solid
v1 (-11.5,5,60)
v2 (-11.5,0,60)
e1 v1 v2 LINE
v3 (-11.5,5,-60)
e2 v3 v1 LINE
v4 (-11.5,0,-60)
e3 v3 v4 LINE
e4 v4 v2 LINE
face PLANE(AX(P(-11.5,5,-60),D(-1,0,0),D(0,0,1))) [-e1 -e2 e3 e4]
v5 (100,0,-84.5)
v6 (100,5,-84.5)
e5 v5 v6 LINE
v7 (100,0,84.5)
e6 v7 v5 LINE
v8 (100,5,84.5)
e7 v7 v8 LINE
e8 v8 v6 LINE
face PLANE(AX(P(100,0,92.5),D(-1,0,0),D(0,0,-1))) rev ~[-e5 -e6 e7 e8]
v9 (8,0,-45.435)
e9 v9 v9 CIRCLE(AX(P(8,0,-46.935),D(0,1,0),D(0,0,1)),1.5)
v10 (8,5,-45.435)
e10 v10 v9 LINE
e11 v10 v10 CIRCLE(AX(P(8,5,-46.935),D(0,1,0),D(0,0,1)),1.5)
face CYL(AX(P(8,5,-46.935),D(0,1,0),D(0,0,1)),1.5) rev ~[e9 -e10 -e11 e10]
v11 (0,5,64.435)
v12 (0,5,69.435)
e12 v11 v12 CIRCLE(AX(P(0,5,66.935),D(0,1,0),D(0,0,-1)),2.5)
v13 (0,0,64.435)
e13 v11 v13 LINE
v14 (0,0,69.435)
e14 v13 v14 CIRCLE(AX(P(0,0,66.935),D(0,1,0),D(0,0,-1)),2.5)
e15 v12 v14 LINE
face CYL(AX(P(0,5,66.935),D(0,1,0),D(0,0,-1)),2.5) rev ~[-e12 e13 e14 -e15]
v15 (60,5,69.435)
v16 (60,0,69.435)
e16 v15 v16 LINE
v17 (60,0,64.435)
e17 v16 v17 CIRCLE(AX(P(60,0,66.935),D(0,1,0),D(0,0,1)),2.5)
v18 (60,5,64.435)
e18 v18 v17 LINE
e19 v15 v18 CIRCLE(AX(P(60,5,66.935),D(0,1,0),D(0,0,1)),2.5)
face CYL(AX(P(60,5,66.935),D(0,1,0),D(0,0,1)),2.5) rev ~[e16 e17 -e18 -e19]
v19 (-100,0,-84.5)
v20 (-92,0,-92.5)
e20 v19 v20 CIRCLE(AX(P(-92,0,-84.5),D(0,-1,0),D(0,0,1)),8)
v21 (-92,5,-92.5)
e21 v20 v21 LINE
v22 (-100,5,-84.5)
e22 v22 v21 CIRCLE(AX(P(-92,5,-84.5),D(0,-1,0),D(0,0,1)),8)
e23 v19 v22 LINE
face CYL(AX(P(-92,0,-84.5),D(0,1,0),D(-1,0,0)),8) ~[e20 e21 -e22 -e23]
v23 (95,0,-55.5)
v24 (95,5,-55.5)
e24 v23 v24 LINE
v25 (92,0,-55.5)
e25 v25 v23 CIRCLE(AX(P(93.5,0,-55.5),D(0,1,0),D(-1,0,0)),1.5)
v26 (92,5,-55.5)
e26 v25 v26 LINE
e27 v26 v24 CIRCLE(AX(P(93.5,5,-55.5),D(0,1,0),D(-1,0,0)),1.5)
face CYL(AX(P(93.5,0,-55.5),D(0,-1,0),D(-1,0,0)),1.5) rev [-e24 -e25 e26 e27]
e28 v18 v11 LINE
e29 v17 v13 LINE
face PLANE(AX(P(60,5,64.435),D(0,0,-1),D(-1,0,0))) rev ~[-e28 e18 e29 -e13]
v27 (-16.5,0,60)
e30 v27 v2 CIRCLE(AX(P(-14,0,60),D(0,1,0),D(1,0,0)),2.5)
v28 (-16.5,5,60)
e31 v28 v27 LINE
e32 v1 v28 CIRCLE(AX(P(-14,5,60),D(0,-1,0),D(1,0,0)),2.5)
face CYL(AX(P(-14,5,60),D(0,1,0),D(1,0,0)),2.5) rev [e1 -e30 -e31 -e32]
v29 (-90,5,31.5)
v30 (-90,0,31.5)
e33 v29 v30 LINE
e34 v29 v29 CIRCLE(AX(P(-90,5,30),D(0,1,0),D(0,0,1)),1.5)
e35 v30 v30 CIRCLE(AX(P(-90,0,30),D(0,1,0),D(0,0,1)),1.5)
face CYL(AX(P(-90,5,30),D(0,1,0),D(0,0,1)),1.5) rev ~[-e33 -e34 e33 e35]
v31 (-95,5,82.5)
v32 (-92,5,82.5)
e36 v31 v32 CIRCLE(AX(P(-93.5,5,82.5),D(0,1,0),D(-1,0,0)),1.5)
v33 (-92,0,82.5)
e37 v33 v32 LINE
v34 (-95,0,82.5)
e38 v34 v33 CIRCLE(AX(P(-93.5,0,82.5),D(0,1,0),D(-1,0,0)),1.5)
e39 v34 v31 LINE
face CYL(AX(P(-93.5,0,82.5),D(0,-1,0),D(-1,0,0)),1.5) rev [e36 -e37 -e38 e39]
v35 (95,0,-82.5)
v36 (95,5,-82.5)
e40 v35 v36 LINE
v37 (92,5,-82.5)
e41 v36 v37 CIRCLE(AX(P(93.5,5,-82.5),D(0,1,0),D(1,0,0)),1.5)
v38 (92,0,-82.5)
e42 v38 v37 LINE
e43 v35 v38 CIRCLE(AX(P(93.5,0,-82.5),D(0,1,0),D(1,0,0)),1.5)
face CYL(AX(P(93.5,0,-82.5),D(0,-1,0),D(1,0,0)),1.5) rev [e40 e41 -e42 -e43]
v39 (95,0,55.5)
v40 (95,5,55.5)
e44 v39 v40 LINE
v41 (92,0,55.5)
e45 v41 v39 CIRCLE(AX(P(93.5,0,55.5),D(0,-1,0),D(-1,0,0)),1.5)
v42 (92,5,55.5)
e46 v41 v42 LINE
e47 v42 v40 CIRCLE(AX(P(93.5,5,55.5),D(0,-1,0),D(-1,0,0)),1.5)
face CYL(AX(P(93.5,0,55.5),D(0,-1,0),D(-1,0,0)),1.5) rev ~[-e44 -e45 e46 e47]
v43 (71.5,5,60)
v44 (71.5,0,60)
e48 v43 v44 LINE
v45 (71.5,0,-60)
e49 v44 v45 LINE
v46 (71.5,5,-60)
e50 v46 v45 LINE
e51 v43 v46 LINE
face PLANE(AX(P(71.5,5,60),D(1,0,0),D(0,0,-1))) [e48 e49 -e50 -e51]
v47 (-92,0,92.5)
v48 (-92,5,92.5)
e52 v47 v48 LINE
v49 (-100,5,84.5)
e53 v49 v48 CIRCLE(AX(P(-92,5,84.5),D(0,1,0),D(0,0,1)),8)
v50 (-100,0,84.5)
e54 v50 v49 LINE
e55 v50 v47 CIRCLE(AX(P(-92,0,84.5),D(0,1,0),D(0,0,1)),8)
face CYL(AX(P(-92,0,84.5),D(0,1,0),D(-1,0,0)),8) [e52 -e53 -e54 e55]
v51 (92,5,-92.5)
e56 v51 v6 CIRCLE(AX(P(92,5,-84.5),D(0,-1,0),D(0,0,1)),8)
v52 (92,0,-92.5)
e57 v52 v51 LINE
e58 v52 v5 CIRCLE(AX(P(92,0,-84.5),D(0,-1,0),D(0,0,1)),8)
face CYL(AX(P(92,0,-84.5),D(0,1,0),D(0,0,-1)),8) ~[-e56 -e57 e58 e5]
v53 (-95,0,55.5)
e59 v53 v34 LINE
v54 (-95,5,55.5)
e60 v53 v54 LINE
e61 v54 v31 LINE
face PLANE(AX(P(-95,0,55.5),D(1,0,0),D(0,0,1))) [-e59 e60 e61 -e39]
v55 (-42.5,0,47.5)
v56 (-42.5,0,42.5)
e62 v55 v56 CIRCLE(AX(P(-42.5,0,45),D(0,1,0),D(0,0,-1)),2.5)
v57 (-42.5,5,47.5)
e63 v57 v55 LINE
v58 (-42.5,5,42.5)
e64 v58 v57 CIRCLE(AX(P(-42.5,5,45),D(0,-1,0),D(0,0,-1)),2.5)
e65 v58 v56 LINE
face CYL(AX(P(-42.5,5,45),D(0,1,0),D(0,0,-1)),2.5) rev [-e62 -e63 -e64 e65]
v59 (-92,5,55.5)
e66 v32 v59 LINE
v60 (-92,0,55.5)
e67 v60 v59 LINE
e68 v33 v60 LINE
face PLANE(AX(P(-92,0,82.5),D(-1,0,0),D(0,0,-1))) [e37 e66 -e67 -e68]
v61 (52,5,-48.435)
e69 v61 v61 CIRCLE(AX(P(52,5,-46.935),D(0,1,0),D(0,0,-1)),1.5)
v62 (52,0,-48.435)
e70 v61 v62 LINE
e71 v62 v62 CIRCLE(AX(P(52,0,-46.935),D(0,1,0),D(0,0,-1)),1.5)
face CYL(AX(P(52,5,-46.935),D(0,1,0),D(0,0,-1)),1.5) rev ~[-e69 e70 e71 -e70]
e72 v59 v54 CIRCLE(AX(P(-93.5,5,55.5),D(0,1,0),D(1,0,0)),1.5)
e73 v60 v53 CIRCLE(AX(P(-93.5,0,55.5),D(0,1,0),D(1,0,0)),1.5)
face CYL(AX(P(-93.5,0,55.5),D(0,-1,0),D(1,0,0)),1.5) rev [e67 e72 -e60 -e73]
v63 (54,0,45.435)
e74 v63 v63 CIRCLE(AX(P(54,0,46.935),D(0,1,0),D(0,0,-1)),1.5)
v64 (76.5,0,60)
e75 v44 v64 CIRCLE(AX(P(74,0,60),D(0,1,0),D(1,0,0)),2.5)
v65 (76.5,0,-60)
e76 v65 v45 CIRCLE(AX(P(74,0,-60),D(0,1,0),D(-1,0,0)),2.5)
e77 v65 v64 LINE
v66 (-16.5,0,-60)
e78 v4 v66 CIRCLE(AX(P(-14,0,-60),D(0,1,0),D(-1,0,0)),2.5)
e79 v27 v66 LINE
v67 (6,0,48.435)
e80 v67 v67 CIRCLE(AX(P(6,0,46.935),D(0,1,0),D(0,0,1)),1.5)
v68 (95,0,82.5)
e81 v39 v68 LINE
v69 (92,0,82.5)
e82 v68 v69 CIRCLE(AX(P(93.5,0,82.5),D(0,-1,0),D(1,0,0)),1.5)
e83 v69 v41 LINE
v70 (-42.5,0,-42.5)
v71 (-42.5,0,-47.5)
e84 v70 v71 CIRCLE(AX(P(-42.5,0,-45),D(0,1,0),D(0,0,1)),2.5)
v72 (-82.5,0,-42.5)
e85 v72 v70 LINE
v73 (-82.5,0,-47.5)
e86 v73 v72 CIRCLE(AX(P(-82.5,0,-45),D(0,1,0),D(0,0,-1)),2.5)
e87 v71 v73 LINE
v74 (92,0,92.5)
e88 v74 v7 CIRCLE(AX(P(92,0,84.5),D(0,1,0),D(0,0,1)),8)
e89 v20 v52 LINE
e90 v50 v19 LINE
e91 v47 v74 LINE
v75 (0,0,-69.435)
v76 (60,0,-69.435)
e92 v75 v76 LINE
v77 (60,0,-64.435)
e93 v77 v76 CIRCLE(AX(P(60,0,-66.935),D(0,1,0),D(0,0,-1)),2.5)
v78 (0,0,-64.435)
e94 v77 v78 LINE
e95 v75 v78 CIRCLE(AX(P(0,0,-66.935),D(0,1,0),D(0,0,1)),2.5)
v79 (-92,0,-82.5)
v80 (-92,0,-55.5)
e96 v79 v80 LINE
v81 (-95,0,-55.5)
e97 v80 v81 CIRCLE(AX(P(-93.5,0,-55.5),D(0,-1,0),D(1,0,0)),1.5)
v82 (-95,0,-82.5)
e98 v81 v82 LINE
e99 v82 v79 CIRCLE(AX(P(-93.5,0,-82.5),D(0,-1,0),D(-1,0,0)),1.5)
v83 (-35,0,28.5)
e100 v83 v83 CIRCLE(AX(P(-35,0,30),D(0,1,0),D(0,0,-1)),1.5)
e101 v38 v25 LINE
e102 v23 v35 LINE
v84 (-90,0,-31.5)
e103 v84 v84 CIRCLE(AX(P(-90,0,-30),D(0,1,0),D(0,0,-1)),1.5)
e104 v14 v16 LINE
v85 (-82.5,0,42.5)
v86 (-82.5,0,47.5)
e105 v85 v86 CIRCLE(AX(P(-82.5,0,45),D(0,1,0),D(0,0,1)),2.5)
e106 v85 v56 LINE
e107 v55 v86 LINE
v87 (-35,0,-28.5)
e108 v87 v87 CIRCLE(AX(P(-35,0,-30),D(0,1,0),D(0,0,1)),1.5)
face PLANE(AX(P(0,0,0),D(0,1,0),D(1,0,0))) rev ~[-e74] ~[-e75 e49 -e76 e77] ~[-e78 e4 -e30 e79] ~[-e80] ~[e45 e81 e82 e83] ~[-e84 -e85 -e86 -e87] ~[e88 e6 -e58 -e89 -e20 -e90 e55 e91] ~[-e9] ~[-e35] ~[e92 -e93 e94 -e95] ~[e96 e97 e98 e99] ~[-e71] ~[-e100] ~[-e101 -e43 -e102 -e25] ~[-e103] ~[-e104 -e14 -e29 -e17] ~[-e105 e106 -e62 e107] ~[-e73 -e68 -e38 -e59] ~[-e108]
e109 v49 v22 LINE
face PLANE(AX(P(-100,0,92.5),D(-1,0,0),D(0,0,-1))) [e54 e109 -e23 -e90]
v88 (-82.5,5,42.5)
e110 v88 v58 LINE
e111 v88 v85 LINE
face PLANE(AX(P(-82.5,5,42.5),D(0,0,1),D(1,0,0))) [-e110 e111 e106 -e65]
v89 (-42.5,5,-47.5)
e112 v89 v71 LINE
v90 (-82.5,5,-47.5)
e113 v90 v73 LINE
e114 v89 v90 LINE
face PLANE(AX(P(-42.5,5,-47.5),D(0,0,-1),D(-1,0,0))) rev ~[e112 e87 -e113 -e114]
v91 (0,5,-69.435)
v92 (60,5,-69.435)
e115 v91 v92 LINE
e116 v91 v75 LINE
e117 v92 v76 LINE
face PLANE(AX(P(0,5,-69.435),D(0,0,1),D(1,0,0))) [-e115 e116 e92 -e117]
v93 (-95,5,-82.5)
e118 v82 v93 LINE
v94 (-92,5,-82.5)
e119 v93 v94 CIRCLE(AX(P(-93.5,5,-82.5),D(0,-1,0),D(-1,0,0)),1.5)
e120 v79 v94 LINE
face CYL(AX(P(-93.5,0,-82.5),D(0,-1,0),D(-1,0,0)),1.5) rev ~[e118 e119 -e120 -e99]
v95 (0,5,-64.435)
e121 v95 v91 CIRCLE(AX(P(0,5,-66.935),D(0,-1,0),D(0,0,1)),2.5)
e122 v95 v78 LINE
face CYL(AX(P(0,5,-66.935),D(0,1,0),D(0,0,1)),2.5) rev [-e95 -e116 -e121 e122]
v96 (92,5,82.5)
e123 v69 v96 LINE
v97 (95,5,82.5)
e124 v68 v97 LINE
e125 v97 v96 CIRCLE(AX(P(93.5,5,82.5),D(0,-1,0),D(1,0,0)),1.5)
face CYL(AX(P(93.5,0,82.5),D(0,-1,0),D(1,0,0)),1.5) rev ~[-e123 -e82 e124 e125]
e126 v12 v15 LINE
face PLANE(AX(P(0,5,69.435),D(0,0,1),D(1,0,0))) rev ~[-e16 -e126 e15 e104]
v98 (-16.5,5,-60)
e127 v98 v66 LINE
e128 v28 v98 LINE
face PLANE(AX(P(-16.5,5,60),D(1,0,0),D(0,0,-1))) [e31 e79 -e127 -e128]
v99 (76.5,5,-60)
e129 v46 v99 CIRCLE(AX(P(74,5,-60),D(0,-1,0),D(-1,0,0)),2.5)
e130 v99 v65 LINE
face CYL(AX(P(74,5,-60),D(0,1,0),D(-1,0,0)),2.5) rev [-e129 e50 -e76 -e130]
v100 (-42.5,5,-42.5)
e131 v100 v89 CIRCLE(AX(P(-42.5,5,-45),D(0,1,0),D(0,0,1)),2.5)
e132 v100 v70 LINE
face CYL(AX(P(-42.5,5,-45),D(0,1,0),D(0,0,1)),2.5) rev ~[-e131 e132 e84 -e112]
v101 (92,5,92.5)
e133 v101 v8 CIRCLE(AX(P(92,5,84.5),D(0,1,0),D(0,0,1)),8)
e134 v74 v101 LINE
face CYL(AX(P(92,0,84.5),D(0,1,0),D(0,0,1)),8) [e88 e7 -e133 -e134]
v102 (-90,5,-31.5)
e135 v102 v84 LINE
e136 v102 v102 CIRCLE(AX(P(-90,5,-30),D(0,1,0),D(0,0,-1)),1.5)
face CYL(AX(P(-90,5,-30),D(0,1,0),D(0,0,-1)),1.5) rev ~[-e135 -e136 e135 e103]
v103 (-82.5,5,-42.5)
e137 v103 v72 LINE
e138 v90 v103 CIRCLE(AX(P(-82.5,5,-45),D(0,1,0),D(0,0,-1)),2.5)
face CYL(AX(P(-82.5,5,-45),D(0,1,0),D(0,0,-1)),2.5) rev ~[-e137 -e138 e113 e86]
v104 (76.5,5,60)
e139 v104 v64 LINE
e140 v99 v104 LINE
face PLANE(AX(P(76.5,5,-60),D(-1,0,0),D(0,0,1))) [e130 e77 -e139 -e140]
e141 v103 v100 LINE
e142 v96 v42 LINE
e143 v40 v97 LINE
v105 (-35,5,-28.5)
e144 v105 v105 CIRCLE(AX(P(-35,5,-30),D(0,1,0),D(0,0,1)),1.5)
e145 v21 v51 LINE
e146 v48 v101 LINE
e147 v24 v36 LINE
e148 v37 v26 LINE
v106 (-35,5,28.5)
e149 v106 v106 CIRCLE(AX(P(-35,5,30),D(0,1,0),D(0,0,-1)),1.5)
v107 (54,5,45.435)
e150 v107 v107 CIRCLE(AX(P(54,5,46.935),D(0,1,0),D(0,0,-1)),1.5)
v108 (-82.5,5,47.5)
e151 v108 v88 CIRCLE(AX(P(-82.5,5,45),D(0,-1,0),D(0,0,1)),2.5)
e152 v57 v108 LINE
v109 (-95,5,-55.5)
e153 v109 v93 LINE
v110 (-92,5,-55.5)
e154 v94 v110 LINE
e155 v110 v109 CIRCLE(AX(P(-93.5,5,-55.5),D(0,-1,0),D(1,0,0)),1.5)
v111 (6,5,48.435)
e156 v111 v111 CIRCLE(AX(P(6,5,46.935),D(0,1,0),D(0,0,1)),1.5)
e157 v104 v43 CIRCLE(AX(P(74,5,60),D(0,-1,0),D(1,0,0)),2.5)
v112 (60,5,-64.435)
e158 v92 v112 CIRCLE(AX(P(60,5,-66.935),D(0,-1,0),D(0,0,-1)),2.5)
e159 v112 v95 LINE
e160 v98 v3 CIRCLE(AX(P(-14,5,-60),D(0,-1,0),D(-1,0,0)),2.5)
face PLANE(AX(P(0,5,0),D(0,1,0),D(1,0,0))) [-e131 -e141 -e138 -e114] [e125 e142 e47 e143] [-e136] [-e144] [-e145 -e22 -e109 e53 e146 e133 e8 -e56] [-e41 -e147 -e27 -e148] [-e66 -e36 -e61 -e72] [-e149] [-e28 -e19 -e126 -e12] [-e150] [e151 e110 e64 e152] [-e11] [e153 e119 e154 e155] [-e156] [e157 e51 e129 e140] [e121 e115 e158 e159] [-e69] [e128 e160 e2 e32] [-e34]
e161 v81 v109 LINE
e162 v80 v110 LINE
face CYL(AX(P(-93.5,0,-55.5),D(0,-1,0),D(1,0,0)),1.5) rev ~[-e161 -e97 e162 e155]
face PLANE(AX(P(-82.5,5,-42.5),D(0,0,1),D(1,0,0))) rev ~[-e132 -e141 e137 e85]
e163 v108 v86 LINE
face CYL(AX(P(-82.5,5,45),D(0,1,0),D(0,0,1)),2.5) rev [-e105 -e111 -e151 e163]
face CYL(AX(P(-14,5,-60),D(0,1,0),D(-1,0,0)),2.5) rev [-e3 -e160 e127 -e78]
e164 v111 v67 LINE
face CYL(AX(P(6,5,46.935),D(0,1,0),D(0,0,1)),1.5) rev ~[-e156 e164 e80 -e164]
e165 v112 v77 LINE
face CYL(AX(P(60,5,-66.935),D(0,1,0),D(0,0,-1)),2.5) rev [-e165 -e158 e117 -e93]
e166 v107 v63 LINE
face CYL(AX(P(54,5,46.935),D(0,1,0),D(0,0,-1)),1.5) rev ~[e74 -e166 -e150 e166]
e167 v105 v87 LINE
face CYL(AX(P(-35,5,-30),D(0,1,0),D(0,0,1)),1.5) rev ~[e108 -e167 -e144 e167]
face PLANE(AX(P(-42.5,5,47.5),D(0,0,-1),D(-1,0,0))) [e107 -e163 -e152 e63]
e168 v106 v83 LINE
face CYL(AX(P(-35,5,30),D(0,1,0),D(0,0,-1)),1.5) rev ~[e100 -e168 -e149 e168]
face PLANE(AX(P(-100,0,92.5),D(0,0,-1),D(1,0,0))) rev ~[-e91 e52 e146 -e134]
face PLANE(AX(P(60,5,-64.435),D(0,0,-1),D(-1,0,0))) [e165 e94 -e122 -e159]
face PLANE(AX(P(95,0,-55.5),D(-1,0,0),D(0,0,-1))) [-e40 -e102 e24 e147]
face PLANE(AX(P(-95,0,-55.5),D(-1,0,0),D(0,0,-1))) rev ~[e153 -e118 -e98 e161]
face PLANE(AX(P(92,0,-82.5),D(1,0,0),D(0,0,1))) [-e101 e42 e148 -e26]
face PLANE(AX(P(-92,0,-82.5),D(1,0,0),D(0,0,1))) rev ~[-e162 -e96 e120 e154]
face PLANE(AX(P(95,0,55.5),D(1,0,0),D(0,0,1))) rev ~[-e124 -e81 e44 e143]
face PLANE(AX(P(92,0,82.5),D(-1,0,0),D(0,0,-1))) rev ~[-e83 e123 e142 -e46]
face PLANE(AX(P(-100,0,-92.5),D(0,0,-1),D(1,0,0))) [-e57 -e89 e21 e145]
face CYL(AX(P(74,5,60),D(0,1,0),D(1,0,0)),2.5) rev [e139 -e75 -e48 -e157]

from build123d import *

# Parameters (mm, degrees)
SKETCH2_W           = 200
SKETCH2_H           = 185
BOSS_EXTRUDE1_DEPTH = 5
SKETCH3_R           = 1.5
CUT_EXTRUDE1_DEPTH  = 137.313058802
SKETCH4_R           = 1.5
CUT_EXTRUDE3_DEPTH  = 137.313058802
FILLET1_R           = 8


with BuildPart() as part:
    # Sketch2 → Boss-Extrude1 (new body)
    with BuildSketch(Plane(origin=(0, 0, 0), x_dir=(1, 0, 0), z_dir=(0, 1, 0))):
        Rectangle(SKETCH2_W, SKETCH2_H)
        with BuildLine():
            Line((-95, 55.5), (-95, 82.5))
            ThreePointArc((-95, 82.5), (-93.5, 84), (-92, 82.5))
            Line((-92, 82.5), (-92, 55.5))
            ThreePointArc((-92, 55.5), (-93.5, 54), (-95, 55.5))
        make_face(mode=Mode.SUBTRACT)
        with BuildLine():
            Line((95, 55.5), (95, 82.5))
            ThreePointArc((95, 82.5), (93.5, 84), (92, 82.5))
            Line((92, 82.5), (92, 55.5))
            ThreePointArc((92, 55.5), (93.5, 54), (95, 55.5))
        make_face(mode=Mode.SUBTRACT)
        with BuildLine():
            Line((95, -55.5), (95, -82.5))
            ThreePointArc((95, -82.5), (93.5, -84), (92, -82.5))
            Line((92, -82.5), (92, -55.5))
            ThreePointArc((92, -55.5), (93.5, -54), (95, -55.5))
        make_face(mode=Mode.SUBTRACT)
        with BuildLine():
            Line((-95, -55.5), (-95, -82.5))
            ThreePointArc((-95, -82.5), (-93.5, -84), (-92, -82.5))
            Line((-92, -82.5), (-92, -55.5))
            ThreePointArc((-92, -55.5), (-93.5, -54), (-95, -55.5))
        make_face(mode=Mode.SUBTRACT)
    extrude(amount=BOSS_EXTRUDE1_DEPTH)

    # Sketch3 → Cut-Extrude1 (cut, through all)
    with BuildSketch(Plane(origin=(0, 5, 0), x_dir=(1, 0, 0), z_dir=(0, 1, 0))):
        with BuildLine():
            Line((-82.5, 42.5), (-42.5, 42.5))
            ThreePointArc((-42.5, 42.5), (-40, 45), (-42.5, 47.5))
            Line((-42.5, 47.5), (-82.5, 47.5))
            ThreePointArc((-82.5, 47.5), (-85, 45), (-82.5, 42.5))
        make_face()
        with BuildLine():
            ThreePointArc((-42.5, -42.5), (-40, -45), (-42.5, -47.5))
            Line((-42.5, -47.5), (-82.5, -47.5))
            ThreePointArc((-82.5, -47.5), (-85, -45), (-82.5, -42.5))
            Line((-82.5, -42.5), (-42.5, -42.5))
        make_face()
        with Locations(Location((-90, -30, 0), (0, 0, 270))):
            Circle(SKETCH3_R)
        with Locations(Location((-90, 30, 0), (0, 0, 90))):
            Circle(SKETCH3_R)
        with Locations(Location((-35, -30, 0), (0, 0, 90))):
            Circle(SKETCH3_R)
        with Locations(Location((-35, 30, 0), (0, 0, 270))):
            Circle(SKETCH3_R)
    extrude(amount=-CUT_EXTRUDE1_DEPTH, mode=Mode.SUBTRACT)

    # Sketch4 → Cut-Extrude3 (cut, through all)
    with BuildSketch(Plane(origin=(0, 5, 0), x_dir=(1, 0, 0), z_dir=(0, 1, 0))):
        with Locations(Location((8, 46.935, 0), (0, 0, 270))):
            Circle(SKETCH4_R)
        with Locations(Location((52, 46.935, 0), (0, 0, 90))):
            Circle(SKETCH4_R)
        with Locations(Location((6, -46.935, 0), (0, 0, 270))):
            Circle(SKETCH4_R)
        with Locations(Location((54, -46.935, 0), (0, 0, 90))):
            Circle(SKETCH4_R)
        with BuildLine():
            Line((71.5, -60), (71.5, 60))
            ThreePointArc((71.5, 60), (74, 62.5), (76.5, 60))
            Line((76.5, 60), (76.5, -60))
            ThreePointArc((76.5, -60), (74, -62.5), (71.5, -60))
        make_face()
        with BuildLine():
            Line((-16.5, -60), (-16.5, 60))
            ThreePointArc((-16.5, 60), (-14, 62.5), (-11.5, 60))
            Line((-11.5, 60), (-11.5, -60))
            ThreePointArc((-11.5, -60), (-14, -62.5), (-16.5, -60))
        make_face()
        with BuildLine():
            Line((0, 69.435), (60, 69.435))
            ThreePointArc((60, 69.435), (62.5, 66.935), (60, 64.435))
            Line((60, 64.435), (0, 64.435))
            ThreePointArc((0, 64.435), (-2.5, 66.935), (0, 69.435))
        make_face()
        with BuildLine():
            Line((0, -69.435), (60, -69.435))
            ThreePointArc((60, -69.435), (62.5, -66.935), (60, -64.435))
            Line((60, -64.435), (0, -64.435))
            ThreePointArc((0, -64.435), (-2.5, -66.935), (0, -69.435))
        make_face()
    extrude(amount=-CUT_EXTRUDE3_DEPTH, mode=Mode.SUBTRACT)

    # Fillet1
    fillet1_edges = [part.edges().sort_by_distance(p)[0] for p in [
        (100, 2.5, 92.5),
        (-100, 2.5, 92.5),
        (-100, 2.5, -92.5),
        (100, 2.5, -92.5),
    ]]
    fillet(fillet1_edges, radius=FILLET1_R)


solid = part.part
